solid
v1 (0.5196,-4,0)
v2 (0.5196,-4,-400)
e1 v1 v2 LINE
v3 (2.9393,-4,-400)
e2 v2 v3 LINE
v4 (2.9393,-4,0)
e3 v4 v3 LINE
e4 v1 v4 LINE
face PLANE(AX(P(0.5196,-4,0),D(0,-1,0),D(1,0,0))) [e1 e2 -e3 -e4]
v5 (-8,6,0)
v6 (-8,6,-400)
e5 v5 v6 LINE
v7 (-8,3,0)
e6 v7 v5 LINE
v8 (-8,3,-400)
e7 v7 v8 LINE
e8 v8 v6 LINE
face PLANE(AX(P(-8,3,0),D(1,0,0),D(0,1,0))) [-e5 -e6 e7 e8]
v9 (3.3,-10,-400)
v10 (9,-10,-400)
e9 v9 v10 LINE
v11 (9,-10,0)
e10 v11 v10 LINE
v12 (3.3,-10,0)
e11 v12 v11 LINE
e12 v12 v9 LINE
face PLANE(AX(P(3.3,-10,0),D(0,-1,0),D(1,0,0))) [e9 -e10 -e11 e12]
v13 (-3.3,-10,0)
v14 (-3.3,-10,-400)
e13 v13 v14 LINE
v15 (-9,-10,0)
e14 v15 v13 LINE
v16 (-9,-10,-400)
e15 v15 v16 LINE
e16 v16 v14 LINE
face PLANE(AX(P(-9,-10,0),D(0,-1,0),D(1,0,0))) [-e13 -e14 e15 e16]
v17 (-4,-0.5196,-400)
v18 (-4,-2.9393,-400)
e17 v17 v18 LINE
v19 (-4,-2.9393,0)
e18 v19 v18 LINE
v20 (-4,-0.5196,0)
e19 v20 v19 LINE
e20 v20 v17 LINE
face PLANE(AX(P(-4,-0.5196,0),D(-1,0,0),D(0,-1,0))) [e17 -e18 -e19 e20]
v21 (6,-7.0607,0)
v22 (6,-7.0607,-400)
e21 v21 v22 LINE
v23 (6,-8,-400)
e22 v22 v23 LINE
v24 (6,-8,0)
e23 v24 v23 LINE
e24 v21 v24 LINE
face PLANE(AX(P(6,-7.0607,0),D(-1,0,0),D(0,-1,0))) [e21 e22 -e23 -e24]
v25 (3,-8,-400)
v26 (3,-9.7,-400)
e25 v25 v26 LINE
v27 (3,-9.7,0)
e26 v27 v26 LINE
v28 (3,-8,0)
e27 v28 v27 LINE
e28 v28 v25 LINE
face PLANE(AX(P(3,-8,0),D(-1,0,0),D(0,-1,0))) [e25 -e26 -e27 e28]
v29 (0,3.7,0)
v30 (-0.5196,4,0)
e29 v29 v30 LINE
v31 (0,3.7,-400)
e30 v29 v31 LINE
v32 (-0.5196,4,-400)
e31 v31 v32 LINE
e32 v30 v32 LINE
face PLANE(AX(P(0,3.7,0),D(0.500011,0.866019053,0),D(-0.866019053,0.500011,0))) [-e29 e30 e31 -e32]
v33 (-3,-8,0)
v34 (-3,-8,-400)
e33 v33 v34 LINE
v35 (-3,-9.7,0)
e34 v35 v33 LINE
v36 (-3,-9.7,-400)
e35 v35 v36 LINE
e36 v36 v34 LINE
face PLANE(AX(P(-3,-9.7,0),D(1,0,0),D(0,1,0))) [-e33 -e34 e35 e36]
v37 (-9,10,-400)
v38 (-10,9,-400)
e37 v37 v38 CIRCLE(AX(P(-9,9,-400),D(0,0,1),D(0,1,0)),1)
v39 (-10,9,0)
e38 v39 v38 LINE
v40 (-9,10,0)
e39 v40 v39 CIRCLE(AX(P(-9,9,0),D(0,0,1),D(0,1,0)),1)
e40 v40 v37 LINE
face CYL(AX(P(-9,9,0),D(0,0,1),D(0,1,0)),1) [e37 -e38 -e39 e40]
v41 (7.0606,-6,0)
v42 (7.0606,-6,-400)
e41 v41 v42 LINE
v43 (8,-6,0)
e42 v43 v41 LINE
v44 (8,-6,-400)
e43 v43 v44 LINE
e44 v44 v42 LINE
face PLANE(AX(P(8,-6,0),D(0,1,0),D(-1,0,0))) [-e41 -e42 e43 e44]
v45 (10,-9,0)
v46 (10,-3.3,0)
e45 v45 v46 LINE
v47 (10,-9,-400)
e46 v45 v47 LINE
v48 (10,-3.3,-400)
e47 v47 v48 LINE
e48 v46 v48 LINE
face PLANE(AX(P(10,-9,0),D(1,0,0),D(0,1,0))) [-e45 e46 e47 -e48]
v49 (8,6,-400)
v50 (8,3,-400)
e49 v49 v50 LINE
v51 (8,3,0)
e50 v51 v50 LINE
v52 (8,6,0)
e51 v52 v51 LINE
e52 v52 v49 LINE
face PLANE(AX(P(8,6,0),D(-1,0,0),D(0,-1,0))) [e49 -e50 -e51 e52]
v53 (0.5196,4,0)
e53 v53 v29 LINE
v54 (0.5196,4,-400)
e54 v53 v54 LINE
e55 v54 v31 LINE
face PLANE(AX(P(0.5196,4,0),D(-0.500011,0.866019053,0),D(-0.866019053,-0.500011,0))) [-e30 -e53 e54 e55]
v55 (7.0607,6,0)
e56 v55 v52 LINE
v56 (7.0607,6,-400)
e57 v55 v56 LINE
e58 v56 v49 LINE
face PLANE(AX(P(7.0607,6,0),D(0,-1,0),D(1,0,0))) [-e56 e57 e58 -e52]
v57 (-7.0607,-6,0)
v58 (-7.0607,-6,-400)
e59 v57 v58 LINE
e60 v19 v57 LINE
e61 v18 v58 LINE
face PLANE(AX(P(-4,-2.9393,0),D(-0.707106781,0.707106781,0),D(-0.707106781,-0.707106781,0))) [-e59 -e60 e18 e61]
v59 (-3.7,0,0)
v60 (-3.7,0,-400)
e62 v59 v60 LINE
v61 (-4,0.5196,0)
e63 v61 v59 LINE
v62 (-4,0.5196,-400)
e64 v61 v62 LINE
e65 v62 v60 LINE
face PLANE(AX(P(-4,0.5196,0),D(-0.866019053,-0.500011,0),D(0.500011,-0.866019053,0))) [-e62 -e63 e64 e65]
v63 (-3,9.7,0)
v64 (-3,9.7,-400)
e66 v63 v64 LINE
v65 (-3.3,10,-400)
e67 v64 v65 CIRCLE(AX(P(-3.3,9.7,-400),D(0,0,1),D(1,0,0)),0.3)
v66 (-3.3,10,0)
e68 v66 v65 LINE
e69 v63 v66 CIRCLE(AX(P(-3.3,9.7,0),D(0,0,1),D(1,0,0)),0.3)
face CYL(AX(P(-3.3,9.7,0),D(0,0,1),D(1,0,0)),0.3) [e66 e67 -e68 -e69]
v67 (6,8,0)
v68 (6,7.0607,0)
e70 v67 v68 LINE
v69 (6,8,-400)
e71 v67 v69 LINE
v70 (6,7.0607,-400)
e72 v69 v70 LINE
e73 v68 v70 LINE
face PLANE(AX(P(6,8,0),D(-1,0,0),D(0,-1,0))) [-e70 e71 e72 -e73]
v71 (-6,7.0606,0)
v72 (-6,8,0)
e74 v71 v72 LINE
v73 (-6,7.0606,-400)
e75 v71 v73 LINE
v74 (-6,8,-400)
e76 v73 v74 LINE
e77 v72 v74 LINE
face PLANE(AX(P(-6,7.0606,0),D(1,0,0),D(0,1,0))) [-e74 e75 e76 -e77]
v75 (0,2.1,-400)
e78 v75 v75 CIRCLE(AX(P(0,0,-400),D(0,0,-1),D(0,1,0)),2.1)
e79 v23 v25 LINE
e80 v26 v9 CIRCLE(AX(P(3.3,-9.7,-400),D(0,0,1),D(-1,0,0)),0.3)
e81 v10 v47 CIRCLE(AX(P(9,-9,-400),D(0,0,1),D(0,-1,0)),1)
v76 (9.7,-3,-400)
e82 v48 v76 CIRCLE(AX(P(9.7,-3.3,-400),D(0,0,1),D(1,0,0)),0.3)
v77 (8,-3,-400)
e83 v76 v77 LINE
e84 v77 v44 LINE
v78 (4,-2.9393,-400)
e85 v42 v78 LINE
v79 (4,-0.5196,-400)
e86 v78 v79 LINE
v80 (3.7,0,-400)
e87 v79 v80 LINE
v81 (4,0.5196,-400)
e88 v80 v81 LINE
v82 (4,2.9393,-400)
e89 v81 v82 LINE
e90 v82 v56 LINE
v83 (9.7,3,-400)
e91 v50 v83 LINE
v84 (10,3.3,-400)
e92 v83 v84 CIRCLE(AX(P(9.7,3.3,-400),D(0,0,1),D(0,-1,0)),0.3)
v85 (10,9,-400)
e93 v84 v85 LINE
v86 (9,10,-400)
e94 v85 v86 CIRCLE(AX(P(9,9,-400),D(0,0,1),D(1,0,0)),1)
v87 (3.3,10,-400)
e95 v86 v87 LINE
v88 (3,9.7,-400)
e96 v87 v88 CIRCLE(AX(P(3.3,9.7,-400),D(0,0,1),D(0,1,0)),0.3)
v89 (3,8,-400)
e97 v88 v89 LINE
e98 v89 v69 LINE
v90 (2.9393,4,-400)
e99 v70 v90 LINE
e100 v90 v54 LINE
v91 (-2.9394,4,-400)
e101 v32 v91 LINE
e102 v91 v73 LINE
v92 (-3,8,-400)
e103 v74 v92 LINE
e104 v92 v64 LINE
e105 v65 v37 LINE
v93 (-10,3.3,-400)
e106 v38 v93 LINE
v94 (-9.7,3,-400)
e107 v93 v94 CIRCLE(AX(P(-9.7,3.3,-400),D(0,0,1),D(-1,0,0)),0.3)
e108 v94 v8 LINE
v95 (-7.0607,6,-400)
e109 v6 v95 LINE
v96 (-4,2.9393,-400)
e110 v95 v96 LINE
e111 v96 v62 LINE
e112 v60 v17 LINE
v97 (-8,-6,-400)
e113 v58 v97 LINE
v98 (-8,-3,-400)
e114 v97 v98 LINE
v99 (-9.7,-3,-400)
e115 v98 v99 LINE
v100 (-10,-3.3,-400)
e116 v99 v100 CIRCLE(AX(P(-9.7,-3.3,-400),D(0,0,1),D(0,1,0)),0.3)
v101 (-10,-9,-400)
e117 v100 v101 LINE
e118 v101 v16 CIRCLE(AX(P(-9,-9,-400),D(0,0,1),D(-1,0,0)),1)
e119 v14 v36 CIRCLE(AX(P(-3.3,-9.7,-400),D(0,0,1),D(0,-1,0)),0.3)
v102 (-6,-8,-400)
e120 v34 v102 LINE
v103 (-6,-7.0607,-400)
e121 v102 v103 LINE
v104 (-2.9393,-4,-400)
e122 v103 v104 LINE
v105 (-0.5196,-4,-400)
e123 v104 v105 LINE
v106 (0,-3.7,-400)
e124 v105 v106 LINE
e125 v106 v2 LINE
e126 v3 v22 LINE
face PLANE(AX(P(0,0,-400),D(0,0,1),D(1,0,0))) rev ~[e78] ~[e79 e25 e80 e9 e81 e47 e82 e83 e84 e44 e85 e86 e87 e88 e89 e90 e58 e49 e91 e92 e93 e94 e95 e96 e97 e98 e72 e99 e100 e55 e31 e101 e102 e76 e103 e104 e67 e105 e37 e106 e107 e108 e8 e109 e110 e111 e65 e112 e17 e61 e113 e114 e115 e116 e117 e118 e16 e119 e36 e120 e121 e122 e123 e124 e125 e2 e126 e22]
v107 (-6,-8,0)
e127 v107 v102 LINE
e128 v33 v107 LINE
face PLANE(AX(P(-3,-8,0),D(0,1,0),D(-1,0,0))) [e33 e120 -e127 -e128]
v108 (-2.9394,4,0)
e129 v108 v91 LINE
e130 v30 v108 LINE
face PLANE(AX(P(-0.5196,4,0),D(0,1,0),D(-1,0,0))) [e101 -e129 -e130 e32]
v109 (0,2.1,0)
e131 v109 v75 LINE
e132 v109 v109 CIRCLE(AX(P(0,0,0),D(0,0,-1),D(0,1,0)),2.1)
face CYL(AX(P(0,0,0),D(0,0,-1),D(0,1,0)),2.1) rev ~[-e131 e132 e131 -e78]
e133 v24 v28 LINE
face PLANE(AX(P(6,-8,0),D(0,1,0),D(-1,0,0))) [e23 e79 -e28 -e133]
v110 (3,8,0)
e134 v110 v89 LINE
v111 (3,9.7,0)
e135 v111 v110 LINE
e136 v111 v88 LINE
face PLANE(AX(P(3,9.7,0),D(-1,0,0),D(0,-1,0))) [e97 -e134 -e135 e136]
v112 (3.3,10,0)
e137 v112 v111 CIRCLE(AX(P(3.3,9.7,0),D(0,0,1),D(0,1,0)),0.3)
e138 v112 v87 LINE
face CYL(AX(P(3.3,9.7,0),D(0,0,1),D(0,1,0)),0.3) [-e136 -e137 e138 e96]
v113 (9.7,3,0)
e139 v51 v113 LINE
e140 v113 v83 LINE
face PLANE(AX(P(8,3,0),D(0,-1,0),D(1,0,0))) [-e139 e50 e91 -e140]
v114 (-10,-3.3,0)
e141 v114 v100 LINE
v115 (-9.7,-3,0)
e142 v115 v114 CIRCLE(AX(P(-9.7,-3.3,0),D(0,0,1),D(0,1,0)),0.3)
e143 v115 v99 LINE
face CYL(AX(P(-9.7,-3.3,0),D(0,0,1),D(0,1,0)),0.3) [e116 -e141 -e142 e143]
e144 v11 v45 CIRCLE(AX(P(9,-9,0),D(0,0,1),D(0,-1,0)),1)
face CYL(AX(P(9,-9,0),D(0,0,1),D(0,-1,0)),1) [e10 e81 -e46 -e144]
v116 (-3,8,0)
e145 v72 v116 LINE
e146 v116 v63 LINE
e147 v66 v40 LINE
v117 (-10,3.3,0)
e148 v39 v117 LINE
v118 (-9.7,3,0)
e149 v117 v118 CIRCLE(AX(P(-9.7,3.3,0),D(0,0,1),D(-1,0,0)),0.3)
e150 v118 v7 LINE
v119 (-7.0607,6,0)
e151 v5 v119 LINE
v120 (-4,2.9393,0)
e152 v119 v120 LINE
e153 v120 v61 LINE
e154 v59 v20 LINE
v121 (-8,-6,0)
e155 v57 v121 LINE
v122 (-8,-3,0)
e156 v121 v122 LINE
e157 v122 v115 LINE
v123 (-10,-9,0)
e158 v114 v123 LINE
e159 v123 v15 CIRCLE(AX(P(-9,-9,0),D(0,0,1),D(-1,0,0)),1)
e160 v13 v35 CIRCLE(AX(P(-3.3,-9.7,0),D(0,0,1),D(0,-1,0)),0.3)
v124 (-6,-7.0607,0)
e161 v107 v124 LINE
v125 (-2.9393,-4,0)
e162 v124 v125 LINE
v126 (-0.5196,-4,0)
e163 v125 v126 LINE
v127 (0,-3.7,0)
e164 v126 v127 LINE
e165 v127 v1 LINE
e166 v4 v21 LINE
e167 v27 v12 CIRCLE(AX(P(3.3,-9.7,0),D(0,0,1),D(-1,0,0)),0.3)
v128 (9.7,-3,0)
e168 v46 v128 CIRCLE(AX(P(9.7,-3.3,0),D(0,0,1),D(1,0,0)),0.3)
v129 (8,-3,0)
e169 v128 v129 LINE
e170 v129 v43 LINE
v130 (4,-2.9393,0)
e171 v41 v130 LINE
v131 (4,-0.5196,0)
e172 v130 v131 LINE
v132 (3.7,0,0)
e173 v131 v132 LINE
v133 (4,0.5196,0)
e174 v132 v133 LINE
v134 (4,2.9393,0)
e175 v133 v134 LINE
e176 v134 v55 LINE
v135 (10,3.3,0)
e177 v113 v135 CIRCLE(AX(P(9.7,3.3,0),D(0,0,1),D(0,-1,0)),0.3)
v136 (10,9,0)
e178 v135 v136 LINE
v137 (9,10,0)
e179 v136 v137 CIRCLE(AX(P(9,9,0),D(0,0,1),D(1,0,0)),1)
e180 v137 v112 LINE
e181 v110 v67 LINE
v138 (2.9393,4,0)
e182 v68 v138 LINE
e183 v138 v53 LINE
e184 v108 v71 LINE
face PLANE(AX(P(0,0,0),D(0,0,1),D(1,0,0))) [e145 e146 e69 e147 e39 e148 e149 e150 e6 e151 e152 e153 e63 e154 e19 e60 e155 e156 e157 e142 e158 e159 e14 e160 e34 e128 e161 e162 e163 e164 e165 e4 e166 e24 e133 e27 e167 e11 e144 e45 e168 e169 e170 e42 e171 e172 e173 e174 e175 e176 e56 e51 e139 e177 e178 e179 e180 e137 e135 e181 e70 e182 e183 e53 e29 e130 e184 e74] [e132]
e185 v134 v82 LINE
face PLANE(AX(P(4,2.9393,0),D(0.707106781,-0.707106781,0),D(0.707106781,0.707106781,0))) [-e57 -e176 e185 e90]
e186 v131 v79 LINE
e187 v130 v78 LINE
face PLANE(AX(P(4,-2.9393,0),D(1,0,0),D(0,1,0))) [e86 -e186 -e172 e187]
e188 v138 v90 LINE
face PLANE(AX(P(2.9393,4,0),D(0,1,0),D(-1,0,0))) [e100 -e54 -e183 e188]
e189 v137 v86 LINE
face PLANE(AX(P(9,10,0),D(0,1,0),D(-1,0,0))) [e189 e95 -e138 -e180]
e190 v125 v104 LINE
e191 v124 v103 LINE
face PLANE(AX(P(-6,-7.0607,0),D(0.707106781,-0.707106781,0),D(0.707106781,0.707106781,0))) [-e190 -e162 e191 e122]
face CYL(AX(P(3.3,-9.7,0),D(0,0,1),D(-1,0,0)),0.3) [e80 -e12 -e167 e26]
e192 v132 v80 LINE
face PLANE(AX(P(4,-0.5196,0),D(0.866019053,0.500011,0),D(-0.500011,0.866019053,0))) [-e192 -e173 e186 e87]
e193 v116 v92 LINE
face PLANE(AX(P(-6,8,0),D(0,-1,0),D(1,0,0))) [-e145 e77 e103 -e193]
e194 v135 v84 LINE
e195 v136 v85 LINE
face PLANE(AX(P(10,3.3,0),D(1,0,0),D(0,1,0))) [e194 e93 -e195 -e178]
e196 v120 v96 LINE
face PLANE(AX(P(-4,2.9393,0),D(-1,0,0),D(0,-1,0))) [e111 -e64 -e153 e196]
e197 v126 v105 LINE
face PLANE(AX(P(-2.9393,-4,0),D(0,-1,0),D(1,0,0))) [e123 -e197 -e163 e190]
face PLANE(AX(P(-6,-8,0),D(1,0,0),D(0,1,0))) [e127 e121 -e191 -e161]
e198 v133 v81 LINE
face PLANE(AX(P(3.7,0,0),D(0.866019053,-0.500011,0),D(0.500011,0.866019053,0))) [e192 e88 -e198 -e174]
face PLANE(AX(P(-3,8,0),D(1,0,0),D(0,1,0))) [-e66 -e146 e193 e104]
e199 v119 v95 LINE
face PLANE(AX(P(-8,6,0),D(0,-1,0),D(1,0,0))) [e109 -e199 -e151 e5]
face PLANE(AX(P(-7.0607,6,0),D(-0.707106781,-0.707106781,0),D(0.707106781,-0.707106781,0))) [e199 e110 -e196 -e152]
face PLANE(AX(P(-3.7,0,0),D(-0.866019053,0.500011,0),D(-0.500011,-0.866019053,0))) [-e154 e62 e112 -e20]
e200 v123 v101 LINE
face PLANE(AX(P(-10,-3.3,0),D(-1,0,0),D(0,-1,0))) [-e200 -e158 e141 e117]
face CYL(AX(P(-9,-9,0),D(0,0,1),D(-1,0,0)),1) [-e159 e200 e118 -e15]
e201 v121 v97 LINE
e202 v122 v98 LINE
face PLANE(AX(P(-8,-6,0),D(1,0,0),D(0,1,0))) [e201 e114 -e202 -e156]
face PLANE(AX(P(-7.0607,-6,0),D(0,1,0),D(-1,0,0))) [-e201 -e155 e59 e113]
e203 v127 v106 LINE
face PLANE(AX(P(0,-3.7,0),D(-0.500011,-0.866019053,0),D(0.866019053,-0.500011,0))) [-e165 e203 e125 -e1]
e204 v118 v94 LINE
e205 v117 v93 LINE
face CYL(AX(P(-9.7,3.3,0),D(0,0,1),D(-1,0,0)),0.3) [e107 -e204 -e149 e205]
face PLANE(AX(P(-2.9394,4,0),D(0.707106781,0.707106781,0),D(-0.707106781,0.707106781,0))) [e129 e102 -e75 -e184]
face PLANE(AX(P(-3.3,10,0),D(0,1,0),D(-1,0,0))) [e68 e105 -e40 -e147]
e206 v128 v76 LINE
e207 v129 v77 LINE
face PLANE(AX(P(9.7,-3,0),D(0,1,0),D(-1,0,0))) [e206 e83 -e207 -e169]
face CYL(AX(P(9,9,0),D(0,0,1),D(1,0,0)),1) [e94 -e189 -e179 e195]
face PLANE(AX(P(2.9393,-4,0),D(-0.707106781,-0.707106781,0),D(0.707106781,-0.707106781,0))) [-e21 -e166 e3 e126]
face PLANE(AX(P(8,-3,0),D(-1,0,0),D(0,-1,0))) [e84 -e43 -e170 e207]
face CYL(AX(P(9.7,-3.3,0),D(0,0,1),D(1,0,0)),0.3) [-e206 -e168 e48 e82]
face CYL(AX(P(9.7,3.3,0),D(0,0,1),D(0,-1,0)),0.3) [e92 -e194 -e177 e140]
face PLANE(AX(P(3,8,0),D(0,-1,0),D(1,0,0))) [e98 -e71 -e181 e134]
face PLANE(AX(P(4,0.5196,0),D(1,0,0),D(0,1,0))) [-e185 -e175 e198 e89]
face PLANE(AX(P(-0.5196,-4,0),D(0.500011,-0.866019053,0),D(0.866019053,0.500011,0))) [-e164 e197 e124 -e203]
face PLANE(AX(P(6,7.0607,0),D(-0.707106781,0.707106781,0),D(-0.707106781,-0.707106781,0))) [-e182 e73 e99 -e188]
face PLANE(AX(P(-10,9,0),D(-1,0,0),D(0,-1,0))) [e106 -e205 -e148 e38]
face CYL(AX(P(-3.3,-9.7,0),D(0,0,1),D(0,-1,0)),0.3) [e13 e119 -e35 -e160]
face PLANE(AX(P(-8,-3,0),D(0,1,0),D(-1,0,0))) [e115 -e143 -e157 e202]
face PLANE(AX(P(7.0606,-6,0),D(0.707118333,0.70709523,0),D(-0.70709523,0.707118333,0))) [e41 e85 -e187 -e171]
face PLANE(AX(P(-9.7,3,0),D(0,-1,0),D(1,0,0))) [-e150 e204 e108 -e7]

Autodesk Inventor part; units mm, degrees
sketch "Sketch_1" plane through (0, 0, 0) normal (0, 0, 1) x (1, 0, 0)
  line L0 (-10, 9) -> (-10, 3.3)
  arc A0 (-10, 3.3) -> (-9.7, 3) centre (-9.7, 3.3) ccw
  line L1 (-9.7, 3) -> (-8, 3)
  line L2 (-8, 3) -> (-8, 6)
  line L3 (-8, 6) -> (-7.0607, 6)
  line L4 (-7.0607, 6) -> (-4, 2.9393)
  line L5 (-4, 2.9393) -> (-4, 0.5196)
  line L6 (-4, 0.5196) -> (-3.7, 0)
  line L7 (-3.7, 0) -> (-4, -0.5196)
  line L8 (-4, -0.5196) -> (-4, -2.9393)
  line L9 (-4, -2.9393) -> (-7.0607, -6)
  line L10 (-7.0607, -6) -> (-8, -6)
  line L11 (-8, -6) -> (-8, -3)
  line L12 (-8, -3) -> (-9.7, -3)
  arc A1 (-9.7, -3) -> (-10, -3.3) centre (-9.7, -3.3) ccw
  line L13 (-10, -3.3) -> (-10, -9)
  arc A2 (-10, -9) -> (-9, -10) centre (-9, -9) ccw
  line L14 (-9, -10) -> (-3.3, -10)
  arc A3 (-3.3, -10) -> (-3, -9.7) centre (-3.3, -9.7) ccw
  line L15 (-3, -9.7) -> (-3, -8)
  line L16 (-3, -8) -> (-6, -8)
  line L17 (-6, -8) -> (-6, -7.0607)
  line L18 (-6, -7.0607) -> (-2.9393, -4)
  line L19 (-2.9393, -4) -> (-0.5196, -4)
  line L20 (-0.5196, -4) -> (0, -3.7)
  line L21 (0, -3.7) -> (0.5196, -4)
  line L22 (0.5196, -4) -> (2.9393, -4)
  line L23 (2.9393, -4) -> (6, -7.0607)
  line L24 (6, -7.0607) -> (6, -8)
  line L25 (6, -8) -> (3, -8)
  line L26 (3, -8) -> (3, -9.7)
  arc A4 (3, -9.7) -> (3.3, -10) centre (3.3, -9.7) ccw
  line L27 (3.3, -10) -> (9, -10)
  arc A5 (9, -10) -> (10, -9) centre (9, -9) ccw
  line L28 (10, -9) -> (10, -3.3)
  arc A6 (10, -3.3) -> (9.7, -3) centre (9.7, -3.3) ccw
  line L29 (9.7, -3) -> (8, -3)
  line L30 (8, -3) -> (8, -6)
  line L31 (8, -6) -> (7.0606, -6)
  line L32 (7.0606, -6) -> (4, -2.9393)
  line L33 (4, -2.9393) -> (4, -0.5196)
  line L34 (4, -0.5196) -> (3.7, 0)
  line L35 (3.7, 0) -> (4, 0.5196)
  line L36 (4, 0.5196) -> (4, 2.9393)
  line L37 (4, 2.9393) -> (7.0607, 6)
  line L38 (7.0607, 6) -> (8, 6)
  line L39 (8, 6) -> (8, 3)
  line L40 (8, 3) -> (9.7, 3)
  arc A7 (9.7, 3) -> (10, 3.3) centre (9.7, 3.3) ccw
  line L41 (10, 3.3) -> (10, 9)
  arc A8 (10, 9) -> (9, 10) centre (9, 9) ccw
  line L42 (9, 10) -> (3.3, 10)
  arc A9 (3.3, 10) -> (3, 9.7) centre (3.3, 9.7) ccw
  line L43 (3, 9.7) -> (3, 8)
  line L44 (3, 8) -> (6, 8)
  line L45 (6, 8) -> (6, 7.0607)
  line L46 (6, 7.0607) -> (2.9393, 4)
  line L47 (2.9393, 4) -> (0.5196, 4)
  line L48 (0.5196, 4) -> (0, 3.7)
  line L49 (0, 3.7) -> (-0.5196, 4)
  line L50 (-0.5196, 4) -> (-2.9394, 4)
  line L51 (-2.9394, 4) -> (-6, 7.0606)
  line L52 (-6, 7.0606) -> (-6, 8)
  line L53 (-6, 8) -> (-3, 8)
  line L54 (-3, 8) -> (-3, 9.7)
  arc A10 (-3, 9.7) -> (-3.3, 10) centre (-3.3, 9.7) ccw
  line L55 (-3.3, 10) -> (-9, 10)
  arc A11 (-9, 10) -> (-10, 9) centre (-9, 9) ccw
extrude "Extrusion1" add sketch "Sketch_1" against normal blind 400
sketch "Sketch_2" plane through (0, 0, 0) normal (1, 0, 0) x (0, 0, -1)
  line L0 (400, 0) -> (0, 0)
  line L1 (0, 0) -> (0, 2.1)
  line L2 (0, 2.1) -> (400, 2.1)
  line L3 (400, 2.1) -> (400, 0)
  line L4 (400, 0) -> (0, 0)
revolve "Revolution1" cut sketch "Sketch_2" angle 360 about axis through (0, 0, -400) along (0, 0, -1)
ref_plane "C1_XY" through (0, 0, 0) normal (0, 0, 1) x (1, 0, 0)
ref_plane "C1_YZ" through (0, 0, 0) normal (1, 0, 0) x (0, 1, 0)
ref_plane "C1_ZX" through (0, 0, 0) normal (0, 1, 0) x (0, 0, 1)
properties part number "CAF5-2020-400"
